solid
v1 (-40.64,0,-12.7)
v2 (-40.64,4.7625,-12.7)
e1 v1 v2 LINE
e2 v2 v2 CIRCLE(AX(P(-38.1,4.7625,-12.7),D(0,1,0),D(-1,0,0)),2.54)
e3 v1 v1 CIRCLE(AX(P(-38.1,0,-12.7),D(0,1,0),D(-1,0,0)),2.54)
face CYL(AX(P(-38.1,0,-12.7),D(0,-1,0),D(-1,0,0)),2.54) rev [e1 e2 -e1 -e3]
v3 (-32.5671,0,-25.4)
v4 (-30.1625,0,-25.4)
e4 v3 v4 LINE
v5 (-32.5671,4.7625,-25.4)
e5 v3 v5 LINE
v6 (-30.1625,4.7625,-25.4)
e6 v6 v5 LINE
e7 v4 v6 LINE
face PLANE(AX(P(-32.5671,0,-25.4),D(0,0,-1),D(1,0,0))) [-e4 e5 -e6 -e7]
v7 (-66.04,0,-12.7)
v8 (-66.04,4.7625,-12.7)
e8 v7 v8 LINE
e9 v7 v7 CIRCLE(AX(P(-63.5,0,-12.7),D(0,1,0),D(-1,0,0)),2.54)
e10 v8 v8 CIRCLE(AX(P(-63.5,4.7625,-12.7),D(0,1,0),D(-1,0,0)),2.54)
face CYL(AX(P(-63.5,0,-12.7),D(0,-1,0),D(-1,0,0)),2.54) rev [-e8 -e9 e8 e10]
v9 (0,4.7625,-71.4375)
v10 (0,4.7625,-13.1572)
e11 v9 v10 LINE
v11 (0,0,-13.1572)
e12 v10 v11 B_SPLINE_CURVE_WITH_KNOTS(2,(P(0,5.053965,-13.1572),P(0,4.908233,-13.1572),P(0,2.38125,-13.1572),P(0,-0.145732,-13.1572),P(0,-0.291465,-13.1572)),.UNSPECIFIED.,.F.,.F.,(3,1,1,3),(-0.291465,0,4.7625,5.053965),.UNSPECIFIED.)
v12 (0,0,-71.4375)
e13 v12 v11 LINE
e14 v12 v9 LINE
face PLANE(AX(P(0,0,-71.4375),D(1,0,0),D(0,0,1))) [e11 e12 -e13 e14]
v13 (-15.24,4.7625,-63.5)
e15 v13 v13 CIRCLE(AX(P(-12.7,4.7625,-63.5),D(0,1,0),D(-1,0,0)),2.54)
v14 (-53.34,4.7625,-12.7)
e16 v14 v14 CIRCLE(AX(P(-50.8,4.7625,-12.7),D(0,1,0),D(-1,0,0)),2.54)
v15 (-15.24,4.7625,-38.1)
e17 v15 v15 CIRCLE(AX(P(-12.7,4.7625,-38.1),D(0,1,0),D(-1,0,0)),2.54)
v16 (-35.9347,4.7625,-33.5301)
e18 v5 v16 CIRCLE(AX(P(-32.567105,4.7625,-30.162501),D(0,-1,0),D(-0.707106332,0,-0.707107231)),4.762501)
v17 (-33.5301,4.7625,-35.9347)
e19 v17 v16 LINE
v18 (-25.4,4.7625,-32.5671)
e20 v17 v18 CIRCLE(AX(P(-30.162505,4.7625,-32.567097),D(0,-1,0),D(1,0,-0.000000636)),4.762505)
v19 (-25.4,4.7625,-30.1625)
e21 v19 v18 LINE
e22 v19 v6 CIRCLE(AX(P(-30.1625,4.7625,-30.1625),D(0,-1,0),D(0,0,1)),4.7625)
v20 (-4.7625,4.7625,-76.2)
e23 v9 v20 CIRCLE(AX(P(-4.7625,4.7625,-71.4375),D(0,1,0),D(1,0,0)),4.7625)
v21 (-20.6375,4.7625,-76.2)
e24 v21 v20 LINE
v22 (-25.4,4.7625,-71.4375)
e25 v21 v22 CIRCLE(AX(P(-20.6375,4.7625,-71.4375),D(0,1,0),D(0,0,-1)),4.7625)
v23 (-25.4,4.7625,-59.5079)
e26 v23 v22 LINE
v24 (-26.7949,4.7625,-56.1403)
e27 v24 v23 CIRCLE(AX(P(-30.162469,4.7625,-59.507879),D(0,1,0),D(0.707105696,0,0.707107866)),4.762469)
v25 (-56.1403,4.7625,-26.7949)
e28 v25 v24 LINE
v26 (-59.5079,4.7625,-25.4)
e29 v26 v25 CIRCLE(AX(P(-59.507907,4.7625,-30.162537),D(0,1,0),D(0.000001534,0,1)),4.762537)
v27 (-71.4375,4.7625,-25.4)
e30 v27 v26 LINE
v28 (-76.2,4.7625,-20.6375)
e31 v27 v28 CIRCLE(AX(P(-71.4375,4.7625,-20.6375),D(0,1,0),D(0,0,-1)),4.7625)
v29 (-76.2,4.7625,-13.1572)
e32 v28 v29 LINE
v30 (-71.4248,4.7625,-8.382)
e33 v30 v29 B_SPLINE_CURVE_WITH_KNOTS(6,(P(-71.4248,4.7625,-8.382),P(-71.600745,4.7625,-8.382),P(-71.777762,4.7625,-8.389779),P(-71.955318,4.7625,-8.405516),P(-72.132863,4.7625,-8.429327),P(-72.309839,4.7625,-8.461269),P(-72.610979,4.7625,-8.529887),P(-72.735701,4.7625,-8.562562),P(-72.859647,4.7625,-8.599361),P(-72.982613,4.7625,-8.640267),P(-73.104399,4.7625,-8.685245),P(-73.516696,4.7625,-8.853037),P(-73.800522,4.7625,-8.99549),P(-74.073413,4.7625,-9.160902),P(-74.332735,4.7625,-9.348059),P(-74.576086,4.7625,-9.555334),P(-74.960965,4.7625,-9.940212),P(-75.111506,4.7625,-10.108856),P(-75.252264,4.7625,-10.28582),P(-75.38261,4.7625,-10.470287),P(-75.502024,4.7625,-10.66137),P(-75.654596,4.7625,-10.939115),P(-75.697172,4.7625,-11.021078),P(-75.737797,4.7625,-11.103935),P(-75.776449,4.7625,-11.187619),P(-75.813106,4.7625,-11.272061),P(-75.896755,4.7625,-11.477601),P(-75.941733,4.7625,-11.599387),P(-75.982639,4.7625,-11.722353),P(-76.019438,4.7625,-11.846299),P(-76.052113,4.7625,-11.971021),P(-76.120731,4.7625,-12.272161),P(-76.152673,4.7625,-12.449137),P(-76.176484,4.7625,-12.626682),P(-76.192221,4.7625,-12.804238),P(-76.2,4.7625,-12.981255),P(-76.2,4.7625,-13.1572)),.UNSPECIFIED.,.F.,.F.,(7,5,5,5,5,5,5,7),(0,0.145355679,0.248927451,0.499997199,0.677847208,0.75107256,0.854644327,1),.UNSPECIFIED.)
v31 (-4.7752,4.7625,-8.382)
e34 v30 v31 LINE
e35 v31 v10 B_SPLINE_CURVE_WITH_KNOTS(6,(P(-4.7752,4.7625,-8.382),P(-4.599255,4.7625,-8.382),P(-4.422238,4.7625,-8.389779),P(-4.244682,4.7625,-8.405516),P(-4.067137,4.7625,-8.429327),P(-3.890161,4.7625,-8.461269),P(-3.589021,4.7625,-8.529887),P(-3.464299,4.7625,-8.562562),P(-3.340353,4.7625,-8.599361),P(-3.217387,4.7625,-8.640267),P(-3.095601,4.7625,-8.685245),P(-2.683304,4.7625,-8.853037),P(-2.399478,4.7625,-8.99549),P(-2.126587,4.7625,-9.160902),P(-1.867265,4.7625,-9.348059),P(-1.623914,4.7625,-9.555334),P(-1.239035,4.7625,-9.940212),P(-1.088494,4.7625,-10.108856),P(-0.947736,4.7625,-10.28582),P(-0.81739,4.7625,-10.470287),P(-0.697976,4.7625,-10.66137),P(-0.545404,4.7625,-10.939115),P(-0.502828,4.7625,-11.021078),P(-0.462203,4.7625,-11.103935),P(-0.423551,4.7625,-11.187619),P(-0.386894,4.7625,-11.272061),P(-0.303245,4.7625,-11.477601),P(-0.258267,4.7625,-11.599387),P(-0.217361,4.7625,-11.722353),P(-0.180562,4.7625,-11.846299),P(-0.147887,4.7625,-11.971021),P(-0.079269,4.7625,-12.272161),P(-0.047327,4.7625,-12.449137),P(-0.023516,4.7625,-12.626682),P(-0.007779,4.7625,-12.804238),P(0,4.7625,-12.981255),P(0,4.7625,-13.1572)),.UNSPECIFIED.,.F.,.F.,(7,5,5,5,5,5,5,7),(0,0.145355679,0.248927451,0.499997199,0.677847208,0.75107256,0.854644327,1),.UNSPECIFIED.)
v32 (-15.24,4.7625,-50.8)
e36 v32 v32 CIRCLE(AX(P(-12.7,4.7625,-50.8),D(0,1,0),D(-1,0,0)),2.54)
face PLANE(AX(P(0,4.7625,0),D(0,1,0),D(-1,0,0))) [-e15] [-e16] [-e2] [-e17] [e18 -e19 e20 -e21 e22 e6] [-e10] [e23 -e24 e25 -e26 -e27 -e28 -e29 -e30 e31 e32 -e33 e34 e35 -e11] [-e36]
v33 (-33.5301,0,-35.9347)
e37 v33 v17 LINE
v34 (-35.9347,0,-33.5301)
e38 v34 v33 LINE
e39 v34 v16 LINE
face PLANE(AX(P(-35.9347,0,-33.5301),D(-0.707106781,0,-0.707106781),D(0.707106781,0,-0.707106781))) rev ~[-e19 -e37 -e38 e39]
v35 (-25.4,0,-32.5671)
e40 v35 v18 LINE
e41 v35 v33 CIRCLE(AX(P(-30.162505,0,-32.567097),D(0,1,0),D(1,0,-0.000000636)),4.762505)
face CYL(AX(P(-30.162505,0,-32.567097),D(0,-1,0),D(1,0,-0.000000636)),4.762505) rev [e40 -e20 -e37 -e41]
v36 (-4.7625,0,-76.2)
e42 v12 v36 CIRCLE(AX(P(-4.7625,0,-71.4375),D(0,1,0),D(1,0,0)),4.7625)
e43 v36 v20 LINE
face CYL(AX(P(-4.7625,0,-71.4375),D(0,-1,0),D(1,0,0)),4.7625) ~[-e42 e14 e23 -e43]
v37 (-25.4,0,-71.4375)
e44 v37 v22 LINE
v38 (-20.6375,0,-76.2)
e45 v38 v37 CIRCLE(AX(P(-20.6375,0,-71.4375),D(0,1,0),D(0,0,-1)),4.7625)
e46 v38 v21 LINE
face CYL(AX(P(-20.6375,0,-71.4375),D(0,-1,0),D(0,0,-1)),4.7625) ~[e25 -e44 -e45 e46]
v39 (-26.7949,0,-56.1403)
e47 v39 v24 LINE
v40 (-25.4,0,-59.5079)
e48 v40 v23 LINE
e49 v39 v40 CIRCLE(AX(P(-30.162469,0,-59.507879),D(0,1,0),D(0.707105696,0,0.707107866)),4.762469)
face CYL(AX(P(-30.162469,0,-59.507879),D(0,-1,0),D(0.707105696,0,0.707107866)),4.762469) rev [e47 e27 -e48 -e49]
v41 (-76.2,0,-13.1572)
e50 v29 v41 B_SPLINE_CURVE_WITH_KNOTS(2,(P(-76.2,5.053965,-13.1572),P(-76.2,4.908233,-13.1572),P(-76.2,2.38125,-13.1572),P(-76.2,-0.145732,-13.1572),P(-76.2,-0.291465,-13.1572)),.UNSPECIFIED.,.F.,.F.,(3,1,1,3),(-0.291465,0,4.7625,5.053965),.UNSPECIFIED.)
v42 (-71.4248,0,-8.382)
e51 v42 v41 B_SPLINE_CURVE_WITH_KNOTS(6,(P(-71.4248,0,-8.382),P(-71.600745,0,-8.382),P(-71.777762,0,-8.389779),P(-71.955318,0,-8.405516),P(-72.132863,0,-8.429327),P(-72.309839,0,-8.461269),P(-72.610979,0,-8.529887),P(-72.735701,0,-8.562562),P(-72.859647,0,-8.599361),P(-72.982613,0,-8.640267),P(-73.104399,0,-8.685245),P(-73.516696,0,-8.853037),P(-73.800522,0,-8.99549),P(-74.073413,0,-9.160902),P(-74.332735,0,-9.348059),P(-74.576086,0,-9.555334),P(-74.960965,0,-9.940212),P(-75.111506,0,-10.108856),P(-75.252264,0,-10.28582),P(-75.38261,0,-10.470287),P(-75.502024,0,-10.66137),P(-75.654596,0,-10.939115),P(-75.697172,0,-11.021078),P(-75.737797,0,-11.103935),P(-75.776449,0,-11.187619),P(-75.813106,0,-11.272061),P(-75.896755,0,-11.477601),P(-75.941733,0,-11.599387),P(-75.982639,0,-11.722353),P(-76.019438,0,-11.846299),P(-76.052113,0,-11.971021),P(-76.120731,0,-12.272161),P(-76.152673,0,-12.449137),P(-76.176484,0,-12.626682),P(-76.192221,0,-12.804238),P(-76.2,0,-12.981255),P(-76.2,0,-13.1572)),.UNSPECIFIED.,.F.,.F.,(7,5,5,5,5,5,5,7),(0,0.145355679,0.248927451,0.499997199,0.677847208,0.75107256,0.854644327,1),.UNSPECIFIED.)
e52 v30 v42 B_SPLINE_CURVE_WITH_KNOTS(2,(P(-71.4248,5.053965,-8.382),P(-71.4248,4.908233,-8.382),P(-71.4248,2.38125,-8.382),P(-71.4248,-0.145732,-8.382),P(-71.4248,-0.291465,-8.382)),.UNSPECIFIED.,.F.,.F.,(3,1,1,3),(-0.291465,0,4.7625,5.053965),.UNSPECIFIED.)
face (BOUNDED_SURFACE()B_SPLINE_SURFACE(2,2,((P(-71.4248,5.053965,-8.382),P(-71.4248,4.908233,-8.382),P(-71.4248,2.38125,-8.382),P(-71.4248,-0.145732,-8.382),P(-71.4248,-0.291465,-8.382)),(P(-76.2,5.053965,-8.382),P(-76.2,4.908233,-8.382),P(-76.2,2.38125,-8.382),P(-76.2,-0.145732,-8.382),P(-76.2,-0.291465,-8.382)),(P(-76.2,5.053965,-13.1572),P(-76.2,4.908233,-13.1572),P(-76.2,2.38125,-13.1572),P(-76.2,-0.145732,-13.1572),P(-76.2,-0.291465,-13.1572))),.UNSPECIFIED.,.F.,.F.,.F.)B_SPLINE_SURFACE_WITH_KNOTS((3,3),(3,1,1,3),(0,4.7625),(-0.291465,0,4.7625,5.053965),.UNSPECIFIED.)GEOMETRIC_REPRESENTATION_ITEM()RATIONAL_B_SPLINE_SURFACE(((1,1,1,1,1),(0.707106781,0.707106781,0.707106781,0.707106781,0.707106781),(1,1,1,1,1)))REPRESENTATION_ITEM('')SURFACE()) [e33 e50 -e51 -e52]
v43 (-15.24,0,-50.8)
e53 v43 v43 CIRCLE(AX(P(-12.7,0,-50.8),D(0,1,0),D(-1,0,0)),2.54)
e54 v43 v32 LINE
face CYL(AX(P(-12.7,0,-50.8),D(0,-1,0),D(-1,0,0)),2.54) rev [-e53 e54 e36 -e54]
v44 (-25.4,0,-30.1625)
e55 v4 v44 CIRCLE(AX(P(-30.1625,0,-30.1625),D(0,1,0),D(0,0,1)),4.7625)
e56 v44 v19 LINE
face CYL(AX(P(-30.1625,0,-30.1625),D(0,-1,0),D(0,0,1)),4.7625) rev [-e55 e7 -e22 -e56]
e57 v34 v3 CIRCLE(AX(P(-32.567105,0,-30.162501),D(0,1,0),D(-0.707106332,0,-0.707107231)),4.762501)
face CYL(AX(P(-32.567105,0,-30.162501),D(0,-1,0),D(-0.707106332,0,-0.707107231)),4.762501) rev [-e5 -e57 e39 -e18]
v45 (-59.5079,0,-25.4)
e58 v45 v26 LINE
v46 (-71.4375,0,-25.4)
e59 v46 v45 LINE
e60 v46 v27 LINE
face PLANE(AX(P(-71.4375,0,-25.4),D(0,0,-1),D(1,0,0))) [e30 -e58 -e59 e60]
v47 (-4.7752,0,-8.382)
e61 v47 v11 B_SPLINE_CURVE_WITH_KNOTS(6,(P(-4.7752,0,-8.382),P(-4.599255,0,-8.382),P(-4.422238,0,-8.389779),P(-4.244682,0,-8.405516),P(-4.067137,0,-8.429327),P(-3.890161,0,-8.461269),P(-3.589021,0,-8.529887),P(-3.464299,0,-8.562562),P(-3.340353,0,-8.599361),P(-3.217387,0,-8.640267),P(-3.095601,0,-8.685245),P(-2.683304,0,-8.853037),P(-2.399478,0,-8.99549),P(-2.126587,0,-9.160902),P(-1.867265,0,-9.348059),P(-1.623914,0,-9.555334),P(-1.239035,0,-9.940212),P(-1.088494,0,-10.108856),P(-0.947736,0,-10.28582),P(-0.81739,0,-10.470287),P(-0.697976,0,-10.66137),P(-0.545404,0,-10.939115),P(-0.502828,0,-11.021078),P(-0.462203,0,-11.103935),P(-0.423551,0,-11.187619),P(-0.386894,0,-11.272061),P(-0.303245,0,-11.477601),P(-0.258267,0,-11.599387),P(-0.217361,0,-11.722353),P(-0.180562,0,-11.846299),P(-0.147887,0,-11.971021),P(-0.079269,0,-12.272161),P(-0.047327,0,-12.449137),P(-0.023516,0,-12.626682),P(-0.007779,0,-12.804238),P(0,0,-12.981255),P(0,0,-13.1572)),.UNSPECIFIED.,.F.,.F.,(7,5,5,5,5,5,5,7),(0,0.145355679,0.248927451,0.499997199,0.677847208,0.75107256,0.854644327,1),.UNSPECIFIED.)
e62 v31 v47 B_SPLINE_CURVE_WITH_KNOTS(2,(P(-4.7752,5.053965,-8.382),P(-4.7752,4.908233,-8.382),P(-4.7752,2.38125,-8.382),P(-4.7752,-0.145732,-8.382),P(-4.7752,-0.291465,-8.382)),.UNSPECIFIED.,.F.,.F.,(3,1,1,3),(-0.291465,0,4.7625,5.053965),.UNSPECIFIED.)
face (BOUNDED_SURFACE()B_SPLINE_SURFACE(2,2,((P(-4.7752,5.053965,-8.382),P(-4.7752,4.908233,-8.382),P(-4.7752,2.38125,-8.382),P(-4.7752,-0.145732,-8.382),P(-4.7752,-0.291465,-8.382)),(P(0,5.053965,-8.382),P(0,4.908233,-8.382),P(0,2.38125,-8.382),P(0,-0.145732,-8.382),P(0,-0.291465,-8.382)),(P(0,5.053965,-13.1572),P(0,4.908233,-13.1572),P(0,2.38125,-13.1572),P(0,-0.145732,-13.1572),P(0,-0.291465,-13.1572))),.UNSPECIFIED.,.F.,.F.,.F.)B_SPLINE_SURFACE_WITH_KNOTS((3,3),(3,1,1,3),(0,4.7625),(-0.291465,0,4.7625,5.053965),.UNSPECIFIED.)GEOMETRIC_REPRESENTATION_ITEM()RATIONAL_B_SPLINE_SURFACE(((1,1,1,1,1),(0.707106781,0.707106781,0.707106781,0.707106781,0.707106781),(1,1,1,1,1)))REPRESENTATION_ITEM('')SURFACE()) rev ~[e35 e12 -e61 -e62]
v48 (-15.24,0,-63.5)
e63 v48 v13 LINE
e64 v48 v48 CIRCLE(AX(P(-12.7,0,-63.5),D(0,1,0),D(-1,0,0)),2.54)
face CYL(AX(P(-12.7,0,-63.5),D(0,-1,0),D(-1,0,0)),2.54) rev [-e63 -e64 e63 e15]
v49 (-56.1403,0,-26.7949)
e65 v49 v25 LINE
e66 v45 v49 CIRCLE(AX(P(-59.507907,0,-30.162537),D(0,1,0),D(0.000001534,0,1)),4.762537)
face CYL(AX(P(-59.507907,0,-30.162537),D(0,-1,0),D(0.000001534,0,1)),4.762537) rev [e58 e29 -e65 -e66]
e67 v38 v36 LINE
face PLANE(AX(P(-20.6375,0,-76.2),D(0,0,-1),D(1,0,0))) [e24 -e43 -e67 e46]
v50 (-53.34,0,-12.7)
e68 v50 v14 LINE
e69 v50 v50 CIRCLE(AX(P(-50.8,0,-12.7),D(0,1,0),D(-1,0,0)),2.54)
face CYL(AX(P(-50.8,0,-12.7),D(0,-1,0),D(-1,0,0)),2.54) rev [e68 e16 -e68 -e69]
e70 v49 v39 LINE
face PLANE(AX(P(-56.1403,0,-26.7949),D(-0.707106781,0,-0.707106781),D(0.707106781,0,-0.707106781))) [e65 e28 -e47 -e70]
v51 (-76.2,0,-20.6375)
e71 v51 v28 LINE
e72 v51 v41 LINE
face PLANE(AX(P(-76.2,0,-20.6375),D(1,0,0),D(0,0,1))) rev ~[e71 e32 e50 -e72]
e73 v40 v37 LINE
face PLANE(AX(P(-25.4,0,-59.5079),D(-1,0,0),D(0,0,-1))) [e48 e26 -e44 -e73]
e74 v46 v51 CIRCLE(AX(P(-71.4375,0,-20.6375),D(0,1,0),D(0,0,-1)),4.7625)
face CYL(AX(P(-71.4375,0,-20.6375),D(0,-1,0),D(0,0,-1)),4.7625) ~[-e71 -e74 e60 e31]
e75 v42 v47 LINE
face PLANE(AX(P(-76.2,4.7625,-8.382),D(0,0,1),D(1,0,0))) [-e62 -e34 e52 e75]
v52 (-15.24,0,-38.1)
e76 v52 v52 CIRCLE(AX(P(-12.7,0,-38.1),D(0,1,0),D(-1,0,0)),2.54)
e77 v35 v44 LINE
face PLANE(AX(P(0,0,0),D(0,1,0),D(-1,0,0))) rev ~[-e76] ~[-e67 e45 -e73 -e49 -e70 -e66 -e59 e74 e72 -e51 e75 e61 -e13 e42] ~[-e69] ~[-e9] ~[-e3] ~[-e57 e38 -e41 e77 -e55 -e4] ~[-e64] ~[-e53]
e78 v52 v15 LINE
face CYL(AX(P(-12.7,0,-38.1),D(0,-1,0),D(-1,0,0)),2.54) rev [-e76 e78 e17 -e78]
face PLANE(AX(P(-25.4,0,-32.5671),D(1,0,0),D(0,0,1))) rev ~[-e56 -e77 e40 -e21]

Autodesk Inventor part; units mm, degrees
ref_plane "YZ Plane" through (0, 0, 0) normal (1, 0, 0) x (0, 1, 0)
ref_plane "XZ Plane" through (0, 0, 0) normal (0, 1, 0) x (-1, 0, 0)
ref_plane "XY Plane" through (0, 0, 0) normal (0, 0, 1) x (1, 0, 0)
sketch "Sketch1" plane through (0, 0, 0) normal (0, 1, 0) x (-1, 0, 0)
  line L0 (0, 0) -> (15.875, 0) construction
  line L1 (20.6375, -76.2) -> (4.7625, -76.2)
  line L2 (0, -71.4375) -> (0, -11.8745)
  line L3 (30.1625, -25.4) -> (76.2, -25.4) construction
  line L4 (76.2, -20.6375) -> (76.2, -11.8745)
  line L5 (71.4375, -7.112) -> (4.7625, -7.112)
  line L6 (25.4, -76.2) -> (25.4, -30.1625) construction
  arc A0 (30.1625, -25.4) -> (25.4, -30.1625) centre (30.1625, -30.1625) ccw construction
  arc A1 (0, -71.4375) -> (4.7625, -76.2) centre (4.7625, -71.4375) ccw
  arc A2 (76.2, -11.8745) -> (71.4375, -7.112) centre (71.4375, -11.8745) ccw
  arc A3 (4.7625, -7.112) -> (0, -11.8745) centre (4.7625, -11.8745) ccw
  circle A4 centre (12.7, -38.1) radius 2.54
  circle A5 centre (12.7, -50.8) radius 2.54
  circle A6 centre (12.7, -63.5) radius 2.54
  circle A7 centre (63.5, -12.7) radius 2.54
  circle A8 centre (50.8, -12.7) radius 2.54
  circle A9 centre (38.1, -12.7) radius 2.54
  line L7 (76.2, -12.7) -> (0, -12.7) construction
  line L8 (12.7, -7.112) -> (12.7, -76.2) construction
  line L9 (61.7039, -14.4961) -> (14.4961, -61.7039) construction
  line L10 (56.1403, -26.7949) -> (26.7949, -56.1403)
  line L11 (71.4375, -25.4) -> (59.5079, -25.4)
  line L12 (25.4, -59.5079) -> (25.4, -71.4375)
  arc A10 (71.4375, -25.4) -> (76.2, -20.6375) centre (71.4375, -20.6375) ccw
  arc A11 (20.6375, -76.2) -> (25.4, -71.4375) centre (20.6375, -71.4375) ccw
  arc A12 (59.5079, -25.4) -> (56.1403, -26.7949) centre (59.5079, -30.1625) ccw
  arc A13 (26.7949, -56.1403) -> (25.4, -59.5079) centre (30.1625, -59.5079) ccw
  line L13 (35.9347, -33.5301) -> (33.5301, -35.9347)
  line L14 (25.4, -32.5671) -> (25.4, -30.1625)
  line L15 (32.5671, -25.4) -> (30.1625, -25.4)
  arc A14 (30.1625, -25.4) -> (25.4, -30.1625) centre (30.1625, -30.1625) ccw
  arc A15 (35.9347, -33.5301) -> (32.5671, -25.4) centre (32.5671, -30.1625) ccw
  arc A16 (25.4, -32.5671) -> (33.5301, -35.9347) centre (30.1625, -32.5671) ccw
  point P0 (25.4, -76.2)
  point P1 (0, -76.2)
  point P2 (38.1, -12.7)
  point P3 (57.5352, -25.4)
  point P4 (25.4, -57.5352)
  point P5 (44.0648, -25.4)
  point P6 (25.4, -44.0648)
  dimension "d1" = 76.2
  dimension "d2" = 25.4
  dimension "d5" = 4.7625
  dimension "d8" = 5.08
  dimension "d10" = 12.7
  dimension "d11" = 12.7
  dimension "d14" = 12.7
  dimension "d15" = 12.7
  dimension "d18" = 66.675
  dimension "d20" = 25.4
  dimension "d21" = 38.1
  dimension "d22" = 18.288
  dimension "d23" = 38.1
  dimension "d24" = 12.7
  dimension "d25" = 12.7
  dimension "d27" = 4.7625
  dimension "d28" = 4.7625
  dimension "d29" = 4.7625
  dimension "d30" = 4.7625
extrude "Extrusion2" add sketch "Sketch1" along normal blind 4.7625 contours L1 A1 L2 A3 L5 A2 L4 A10 L11 A12 L10 A13 L12 A11 | L13 A16 L14 A14 L15 A15
extrude "Extrusion3" cut sketch "Sketch1" along normal through all contours L13 A16 L14 A14 L15 A15
sketch "Sketch2" plane through (0, 4.7625, 0) normal (0, 1, 0) x (1, 0, 0)
  line L0 (-71.4375, 7.112) -> (-4.7625, 7.112) projected
  line L1 (-76.2, 8.382) -> (0, 8.382)
  line L2 (-76.2, 20.6375) -> (-76.2, 11.8745) projected
  line L3 (0, 11.8745) -> (0, 71.4375) projected
  arc A0 (-4.7625, 7.112) -> (0, 11.8745) centre (-4.7625, 11.8745) ccw projected
  line L4 (-4.7625, 7.112) -> (0, 7.112)
  line L5 (0, 7.112) -> (0, 8.382)
  line L6 (-76.2, 8.382) -> (-76.2, 7.112)
  line L7 (-71.4375, 7.112) -> (-4.7625, 7.112) projected
  line L8 (-76.2, 7.112) -> (-71.4375, 7.112)
  line L9 (0, 7.112) -> (-76.2, 7.112)
  point P0 (0, 0)
  point P1 (-1.5246, 8.382)
  dimension "d33" = 1.27
extrude "Extrusion4" cut sketch "Sketch2" against normal through all contours L8 L6 L1 A0 L0
fillet "Fillet1" radius 4.7752 1 edges at (-74.6754, 2.3813, -8.382)
fillet "Fillet2" radius 4.7752 1 edges at (-1.5246, 2.3813, -8.382)
properties part number "ELEV_005_SUPBRK1" material "Aluminum 6061"
